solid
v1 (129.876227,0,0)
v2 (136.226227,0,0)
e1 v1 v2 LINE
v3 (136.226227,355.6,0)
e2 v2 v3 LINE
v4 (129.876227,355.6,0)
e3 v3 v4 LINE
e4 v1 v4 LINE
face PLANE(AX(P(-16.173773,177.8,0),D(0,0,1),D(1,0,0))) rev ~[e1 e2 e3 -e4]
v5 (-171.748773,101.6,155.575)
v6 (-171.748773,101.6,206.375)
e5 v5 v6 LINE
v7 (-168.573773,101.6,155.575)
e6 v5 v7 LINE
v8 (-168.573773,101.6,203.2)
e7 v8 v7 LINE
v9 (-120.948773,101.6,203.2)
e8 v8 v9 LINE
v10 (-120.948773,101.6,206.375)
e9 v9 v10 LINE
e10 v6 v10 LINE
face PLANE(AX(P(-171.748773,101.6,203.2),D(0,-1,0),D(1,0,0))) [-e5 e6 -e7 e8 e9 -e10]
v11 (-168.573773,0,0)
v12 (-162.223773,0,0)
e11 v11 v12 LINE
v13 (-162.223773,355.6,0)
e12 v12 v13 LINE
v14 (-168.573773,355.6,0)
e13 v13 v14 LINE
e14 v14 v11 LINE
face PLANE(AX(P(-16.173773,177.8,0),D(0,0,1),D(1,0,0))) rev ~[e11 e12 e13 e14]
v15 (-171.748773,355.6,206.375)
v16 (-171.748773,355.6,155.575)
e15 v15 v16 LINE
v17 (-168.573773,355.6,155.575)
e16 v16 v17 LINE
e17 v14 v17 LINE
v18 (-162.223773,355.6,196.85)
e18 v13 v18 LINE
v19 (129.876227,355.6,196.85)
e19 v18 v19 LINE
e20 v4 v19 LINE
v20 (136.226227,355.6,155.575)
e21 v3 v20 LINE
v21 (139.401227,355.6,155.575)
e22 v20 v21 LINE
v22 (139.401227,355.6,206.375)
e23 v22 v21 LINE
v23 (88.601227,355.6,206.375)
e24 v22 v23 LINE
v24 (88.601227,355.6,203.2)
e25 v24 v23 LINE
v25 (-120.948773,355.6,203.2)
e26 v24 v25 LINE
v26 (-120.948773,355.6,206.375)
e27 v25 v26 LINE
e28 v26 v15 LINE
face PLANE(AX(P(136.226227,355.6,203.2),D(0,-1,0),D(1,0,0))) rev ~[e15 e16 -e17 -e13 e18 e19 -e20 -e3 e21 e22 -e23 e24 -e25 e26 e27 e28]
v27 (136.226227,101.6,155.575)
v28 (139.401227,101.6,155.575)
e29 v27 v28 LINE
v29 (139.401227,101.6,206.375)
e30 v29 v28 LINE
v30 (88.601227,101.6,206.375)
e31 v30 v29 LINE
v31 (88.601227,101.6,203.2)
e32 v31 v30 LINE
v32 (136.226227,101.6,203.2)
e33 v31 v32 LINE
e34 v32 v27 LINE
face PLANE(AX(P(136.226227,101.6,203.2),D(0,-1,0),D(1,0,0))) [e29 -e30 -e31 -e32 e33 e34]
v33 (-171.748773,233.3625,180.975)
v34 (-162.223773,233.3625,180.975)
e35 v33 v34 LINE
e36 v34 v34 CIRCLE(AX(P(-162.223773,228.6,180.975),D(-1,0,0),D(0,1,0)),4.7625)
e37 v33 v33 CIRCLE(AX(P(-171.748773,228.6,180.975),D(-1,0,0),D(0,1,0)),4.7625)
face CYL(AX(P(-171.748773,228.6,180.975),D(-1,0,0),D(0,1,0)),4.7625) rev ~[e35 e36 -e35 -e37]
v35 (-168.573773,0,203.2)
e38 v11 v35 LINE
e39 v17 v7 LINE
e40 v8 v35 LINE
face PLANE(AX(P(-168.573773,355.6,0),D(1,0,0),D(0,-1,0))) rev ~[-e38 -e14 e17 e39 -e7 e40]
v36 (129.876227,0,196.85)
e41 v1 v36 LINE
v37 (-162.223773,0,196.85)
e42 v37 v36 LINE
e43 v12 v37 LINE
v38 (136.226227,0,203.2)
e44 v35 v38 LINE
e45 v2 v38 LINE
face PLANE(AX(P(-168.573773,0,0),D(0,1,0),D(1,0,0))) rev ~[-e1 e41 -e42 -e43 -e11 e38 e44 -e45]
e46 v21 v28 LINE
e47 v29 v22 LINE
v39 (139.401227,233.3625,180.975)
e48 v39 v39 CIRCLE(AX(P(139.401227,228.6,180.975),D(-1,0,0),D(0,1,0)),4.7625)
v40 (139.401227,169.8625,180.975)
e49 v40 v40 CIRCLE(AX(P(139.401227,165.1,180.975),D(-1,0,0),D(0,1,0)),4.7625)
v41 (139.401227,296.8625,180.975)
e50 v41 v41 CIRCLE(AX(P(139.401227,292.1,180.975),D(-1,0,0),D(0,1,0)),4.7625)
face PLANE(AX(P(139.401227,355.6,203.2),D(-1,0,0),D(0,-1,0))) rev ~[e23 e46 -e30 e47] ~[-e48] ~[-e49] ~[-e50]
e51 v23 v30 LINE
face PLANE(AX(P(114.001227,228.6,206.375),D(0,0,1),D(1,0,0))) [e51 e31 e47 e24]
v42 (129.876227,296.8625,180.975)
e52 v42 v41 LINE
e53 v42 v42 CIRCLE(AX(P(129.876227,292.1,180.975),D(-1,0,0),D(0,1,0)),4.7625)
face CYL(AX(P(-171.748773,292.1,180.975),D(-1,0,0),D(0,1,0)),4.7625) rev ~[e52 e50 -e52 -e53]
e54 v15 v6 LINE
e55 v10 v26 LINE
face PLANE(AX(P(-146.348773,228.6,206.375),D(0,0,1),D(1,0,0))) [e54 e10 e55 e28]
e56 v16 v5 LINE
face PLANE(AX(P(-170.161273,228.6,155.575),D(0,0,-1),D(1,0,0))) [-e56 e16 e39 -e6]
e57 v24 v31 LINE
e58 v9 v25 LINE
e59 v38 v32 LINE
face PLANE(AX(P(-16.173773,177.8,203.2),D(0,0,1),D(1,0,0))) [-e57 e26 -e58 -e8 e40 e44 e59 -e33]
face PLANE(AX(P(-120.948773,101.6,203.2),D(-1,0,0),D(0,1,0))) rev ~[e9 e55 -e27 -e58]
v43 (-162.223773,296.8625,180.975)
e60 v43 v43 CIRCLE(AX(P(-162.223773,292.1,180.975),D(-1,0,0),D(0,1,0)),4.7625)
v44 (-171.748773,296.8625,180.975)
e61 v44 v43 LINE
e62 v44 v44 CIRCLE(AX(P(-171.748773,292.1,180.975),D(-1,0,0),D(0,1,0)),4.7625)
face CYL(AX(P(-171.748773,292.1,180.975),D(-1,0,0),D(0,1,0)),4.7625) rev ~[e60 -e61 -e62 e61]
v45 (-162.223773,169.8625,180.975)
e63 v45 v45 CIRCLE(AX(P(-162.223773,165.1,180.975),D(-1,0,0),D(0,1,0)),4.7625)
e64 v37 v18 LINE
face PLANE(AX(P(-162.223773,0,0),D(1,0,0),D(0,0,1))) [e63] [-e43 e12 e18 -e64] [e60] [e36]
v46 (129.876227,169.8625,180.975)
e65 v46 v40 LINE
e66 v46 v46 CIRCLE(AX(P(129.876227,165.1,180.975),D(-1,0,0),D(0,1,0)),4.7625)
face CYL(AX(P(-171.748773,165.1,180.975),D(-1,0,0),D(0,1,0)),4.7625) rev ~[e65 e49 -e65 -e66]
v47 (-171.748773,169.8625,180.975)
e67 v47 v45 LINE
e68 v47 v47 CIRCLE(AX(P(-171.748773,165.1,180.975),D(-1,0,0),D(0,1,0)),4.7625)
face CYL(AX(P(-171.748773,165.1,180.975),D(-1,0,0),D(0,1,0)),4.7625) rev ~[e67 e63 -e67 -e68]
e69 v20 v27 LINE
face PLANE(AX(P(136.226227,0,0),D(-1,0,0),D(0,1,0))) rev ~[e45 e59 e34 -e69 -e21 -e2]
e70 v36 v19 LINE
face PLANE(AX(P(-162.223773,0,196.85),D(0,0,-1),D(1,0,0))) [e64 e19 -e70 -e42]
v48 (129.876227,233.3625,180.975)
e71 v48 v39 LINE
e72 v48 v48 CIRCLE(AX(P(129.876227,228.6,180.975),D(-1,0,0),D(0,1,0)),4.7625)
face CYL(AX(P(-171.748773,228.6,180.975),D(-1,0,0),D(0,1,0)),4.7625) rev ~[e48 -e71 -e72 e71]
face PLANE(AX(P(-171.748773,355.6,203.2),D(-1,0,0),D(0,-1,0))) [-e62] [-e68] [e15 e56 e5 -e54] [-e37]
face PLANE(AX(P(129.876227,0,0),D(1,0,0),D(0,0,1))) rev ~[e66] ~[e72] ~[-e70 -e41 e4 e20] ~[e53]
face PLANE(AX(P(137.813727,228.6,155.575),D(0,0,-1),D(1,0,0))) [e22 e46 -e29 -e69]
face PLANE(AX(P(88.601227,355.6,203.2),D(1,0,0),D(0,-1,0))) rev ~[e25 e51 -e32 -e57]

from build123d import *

# Parameters (mm, degrees)
F1_DEPTH  = 203.2
F2_T      = -6.35
F4_DEPTH  = 3.175
F5_W      = 292.1
F5_H      = 196.85
F6_DEPTH  = 640.08
F7_W      = 3.175
F7_H      = 254
F8_DEPTH  = 47.625
F10_W     = 3.175
F10_H     = 254
F11_DEPTH = 47.625
F12_DEPTH = 311.151


with BuildPart() as f1:
    # F0 (on Top) → F1 (new body)
    with BuildSketch(Plane.XY):
        Polygon((-168.573773, 0), (0, 0), (136.226227, 0), (136.226227, 355.6), (-168.573773, 355.6), align=None)
    extrude(amount=F1_DEPTH)

    # F2
    f2_openings = [f1.faces().sort_by_distance(p)[0] for p in [
        (-16.173773, 177.8, 0),
    ]]
    offset(amount=F2_T, openings=f2_openings)

    # F3 (on face) → F4 (join)
    with BuildSketch(Plane.XY.offset(203.2)):
        Polygon((-171.748773, 101.6), (-168.573773, 101.6), (-120.948773, 101.6), (-120.948773, 355.6), (-168.573773, 355.6), (-171.748773, 355.6), align=None)
        Polygon((139.401227, 355.6), (136.226227, 355.6), (88.601227, 355.6), (88.601227, 101.6), (136.226227, 101.6), (139.401227, 101.6), align=None)
    extrude(amount=F4_DEPTH)

    # F5 (on face) → F6 (cut)
    with BuildSketch(Plane.XZ):
        with Locations((-16.173773, 98.425)):
            Rectangle(F5_W, F5_H)
    extrude(amount=-F6_DEPTH, mode=Mode.SUBTRACT)

    # F7 (on face) → F8 (join)
    with BuildSketch(Plane(origin=(0, 0, 203.2), x_dir=(1, 0, 0), z_dir=(0, 0, -1))):
        with Locations((-170.161273, -228.6)):
            Rectangle(F7_W, F7_H)
    extrude(amount=F8_DEPTH)

    # F10 (on face) → F11 (join)
    with BuildSketch(Plane(origin=(0, 0, 203.2), x_dir=(1, 0, 0), z_dir=(0, 0, -1))):
        with Locations((137.813727, -228.6)):
            Rectangle(F10_W, F10_H)
    extrude(amount=F11_DEPTH)

    # F9 (on face) → F12 (cut, through all)
    with BuildSketch(Plane(origin=(-171.748773, 0, 0), x_dir=(0, -1, 0), z_dir=(-1, 0, 0))):
        with BuildLine():
            ThreePointArc((-287.3375, 180.975), (-292.1, 185.7375), (-296.8625, 180.975))
            Line((-296.8625, 180.975), (-287.3375, 180.975))
        make_face()
        with BuildLine():
            ThreePointArc((-160.3375, 180.975), (-165.1, 185.7375), (-169.8625, 180.975))
            Line((-169.8625, 180.975), (-160.3375, 180.975))
        make_face()
        with BuildLine():
            Line((-160.3375, 180.975), (-169.8625, 180.975))
            ThreePointArc((-169.8625, 180.975), (-165.1, 176.2125), (-160.3375, 180.975))
        make_face()
        with BuildLine():
            ThreePointArc((-223.8375, 180.975), (-228.6, 185.7375), (-233.3625, 180.975))
            Line((-233.3625, 180.975), (-223.8375, 180.975))
        make_face()
        with BuildLine():
            Line((-223.8375, 180.975), (-233.3625, 180.975))
            ThreePointArc((-233.3625, 180.975), (-228.6, 176.2125), (-223.8375, 180.975))
        make_face()
        with BuildLine():
            Line((-287.3375, 180.975), (-296.8625, 180.975))
            ThreePointArc((-296.8625, 180.975), (-292.1, 176.2125), (-287.3375, 180.975))
        make_face()
    extrude(amount=-F12_DEPTH, mode=Mode.SUBTRACT)


solid = f1.part
